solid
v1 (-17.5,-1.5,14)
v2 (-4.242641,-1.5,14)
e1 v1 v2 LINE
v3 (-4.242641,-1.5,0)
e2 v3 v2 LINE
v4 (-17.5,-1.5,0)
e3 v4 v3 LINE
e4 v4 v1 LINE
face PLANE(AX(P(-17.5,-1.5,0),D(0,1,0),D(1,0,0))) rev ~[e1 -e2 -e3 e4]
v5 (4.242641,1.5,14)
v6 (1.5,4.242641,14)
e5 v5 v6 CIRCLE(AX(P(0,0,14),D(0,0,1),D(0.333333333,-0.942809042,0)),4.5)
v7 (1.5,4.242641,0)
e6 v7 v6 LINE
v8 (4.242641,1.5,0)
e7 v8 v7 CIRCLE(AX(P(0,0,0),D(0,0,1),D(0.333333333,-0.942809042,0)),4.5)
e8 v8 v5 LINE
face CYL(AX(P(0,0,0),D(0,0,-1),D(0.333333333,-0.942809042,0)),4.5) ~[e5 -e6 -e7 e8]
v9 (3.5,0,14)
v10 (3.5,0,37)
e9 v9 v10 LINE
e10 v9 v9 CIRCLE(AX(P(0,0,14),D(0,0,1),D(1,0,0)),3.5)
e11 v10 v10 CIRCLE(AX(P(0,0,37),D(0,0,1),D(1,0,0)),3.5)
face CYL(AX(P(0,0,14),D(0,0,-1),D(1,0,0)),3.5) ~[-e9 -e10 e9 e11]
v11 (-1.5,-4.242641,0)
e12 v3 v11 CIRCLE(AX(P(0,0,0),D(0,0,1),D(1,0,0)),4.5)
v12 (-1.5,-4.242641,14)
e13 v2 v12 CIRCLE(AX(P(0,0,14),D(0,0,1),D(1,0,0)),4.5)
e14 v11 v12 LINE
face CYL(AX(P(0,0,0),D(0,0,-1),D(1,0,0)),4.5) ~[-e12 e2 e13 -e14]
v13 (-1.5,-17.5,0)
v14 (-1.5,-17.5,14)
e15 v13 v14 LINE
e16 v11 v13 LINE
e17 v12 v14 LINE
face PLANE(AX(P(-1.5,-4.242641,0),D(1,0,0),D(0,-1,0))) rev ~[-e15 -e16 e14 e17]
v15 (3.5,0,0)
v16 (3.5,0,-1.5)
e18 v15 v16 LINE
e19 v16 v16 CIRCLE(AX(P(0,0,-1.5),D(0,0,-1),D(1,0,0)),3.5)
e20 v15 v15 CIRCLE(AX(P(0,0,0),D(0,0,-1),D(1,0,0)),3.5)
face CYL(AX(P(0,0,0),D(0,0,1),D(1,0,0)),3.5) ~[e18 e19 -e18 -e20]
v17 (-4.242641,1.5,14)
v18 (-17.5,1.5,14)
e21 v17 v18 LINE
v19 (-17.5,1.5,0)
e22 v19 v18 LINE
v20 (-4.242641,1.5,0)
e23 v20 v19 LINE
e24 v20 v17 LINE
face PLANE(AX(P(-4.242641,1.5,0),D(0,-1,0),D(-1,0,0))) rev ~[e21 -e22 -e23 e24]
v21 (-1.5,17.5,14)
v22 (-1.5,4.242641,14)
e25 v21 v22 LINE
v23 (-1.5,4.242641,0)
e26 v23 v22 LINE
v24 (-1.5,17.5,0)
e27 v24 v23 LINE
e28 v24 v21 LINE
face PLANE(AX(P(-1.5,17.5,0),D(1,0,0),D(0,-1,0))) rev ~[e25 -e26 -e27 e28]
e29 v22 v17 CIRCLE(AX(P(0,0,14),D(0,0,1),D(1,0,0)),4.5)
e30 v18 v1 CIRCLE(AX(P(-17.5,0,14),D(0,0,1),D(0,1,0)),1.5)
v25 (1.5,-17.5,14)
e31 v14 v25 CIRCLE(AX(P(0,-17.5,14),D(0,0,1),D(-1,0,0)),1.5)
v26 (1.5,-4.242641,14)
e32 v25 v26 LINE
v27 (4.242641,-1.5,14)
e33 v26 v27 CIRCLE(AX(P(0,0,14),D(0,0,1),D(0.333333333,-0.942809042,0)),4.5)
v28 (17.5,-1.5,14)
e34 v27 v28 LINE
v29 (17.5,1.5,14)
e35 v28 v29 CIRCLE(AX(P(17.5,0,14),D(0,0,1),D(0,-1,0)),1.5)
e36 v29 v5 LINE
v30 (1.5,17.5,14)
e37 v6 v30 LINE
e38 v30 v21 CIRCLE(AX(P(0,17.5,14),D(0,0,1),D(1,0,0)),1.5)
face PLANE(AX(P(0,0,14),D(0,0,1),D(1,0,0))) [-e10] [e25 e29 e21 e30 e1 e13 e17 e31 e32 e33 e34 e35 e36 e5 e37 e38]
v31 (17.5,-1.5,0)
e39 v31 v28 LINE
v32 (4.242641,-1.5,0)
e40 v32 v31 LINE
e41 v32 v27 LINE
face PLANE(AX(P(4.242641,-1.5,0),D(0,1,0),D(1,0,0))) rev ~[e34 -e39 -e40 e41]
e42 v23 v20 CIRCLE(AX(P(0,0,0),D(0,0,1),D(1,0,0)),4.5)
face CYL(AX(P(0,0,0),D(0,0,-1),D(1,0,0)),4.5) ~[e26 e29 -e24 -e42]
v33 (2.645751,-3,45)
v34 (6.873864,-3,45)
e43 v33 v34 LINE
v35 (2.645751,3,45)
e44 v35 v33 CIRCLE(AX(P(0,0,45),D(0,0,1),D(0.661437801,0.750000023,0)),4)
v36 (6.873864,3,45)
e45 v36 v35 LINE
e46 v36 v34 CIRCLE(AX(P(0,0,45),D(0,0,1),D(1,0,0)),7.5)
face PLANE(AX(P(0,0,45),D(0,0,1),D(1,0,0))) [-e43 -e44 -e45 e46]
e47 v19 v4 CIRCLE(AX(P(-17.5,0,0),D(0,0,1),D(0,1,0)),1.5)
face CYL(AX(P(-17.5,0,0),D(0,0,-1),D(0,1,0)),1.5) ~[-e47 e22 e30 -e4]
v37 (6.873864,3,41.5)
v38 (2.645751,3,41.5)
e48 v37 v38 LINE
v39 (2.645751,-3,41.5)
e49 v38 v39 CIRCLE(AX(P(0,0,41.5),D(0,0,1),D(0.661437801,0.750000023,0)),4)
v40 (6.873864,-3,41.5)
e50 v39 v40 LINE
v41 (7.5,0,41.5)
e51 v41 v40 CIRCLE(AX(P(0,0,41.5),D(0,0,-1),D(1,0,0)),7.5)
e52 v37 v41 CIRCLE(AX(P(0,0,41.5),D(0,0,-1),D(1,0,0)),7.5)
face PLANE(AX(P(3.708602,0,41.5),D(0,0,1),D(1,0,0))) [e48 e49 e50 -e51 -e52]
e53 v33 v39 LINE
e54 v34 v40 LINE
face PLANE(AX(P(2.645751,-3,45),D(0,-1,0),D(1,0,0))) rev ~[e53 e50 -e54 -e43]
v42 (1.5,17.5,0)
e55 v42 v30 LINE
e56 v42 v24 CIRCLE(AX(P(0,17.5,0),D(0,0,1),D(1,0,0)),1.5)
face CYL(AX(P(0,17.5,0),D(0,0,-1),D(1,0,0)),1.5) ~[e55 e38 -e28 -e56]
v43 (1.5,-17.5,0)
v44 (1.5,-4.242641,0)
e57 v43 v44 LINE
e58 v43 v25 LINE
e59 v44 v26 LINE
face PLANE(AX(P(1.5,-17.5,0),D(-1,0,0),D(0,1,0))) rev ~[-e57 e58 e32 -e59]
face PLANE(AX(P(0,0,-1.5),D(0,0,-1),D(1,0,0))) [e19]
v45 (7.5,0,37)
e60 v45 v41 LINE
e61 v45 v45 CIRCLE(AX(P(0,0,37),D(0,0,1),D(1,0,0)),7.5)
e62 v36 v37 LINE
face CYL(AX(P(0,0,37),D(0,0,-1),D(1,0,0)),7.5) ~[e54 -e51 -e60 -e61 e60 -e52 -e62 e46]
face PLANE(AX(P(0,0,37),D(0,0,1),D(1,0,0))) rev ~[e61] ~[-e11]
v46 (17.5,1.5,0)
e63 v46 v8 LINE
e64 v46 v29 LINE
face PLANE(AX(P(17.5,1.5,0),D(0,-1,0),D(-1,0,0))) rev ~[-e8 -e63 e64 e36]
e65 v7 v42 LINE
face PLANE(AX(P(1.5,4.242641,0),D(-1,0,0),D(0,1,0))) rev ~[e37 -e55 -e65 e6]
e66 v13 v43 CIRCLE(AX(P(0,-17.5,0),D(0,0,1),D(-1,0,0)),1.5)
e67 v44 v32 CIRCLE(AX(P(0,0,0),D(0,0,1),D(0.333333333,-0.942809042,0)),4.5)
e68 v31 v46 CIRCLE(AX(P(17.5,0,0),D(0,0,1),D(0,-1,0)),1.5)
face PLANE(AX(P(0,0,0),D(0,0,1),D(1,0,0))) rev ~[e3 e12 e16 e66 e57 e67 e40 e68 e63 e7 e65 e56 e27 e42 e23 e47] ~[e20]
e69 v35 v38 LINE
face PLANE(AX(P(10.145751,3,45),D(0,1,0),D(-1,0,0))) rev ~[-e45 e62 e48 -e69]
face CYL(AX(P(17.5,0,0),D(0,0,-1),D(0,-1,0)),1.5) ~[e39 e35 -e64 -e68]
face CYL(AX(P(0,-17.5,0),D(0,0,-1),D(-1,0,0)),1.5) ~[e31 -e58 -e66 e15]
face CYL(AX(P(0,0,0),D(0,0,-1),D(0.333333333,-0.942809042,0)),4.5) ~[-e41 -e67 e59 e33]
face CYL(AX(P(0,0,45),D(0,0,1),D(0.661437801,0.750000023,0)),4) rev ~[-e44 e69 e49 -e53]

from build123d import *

# Parameters (mm, degrees)
SKETCH003_R        = 4.5
PAD001_DEPTH       = 14
POLARPATTERN_COUNT = 4
SKETCH004_R        = 3.5
PAD002_DEPTH       = 1.5
SKETCH005_R        = 3.5
PAD003_DEPTH       = 23
SKETCH011_R        = 7.5
PAD007_DEPTH       = 8
POCKET004_DEPTH    = 3.5


with BuildPart() as part:
    # Sketch003 → Pad001 (new body)
    with BuildSketch(Plane.XY):
        Circle(SKETCH003_R)
        with BuildLine():
            Line((-1.5, 17.5), (-1.5, -17.5))
            ThreePointArc((-1.5, -17.5), (0, -19), (1.5, -17.5))
            Line((1.5, -17.5), (1.5, 17.5))
            ThreePointArc((1.5, 17.5), (0, 19), (-1.5, 17.5))
        make_face()
    pad001 = extrude(amount=PAD001_DEPTH)

    # PolarPattern: Pad001 ×4 about axis
    polarpattern_axis = Axis((0, 0, 0), (0, 0, 1))
    for i in range(1, POLARPATTERN_COUNT):
        add(pad001.rotate(polarpattern_axis, i * 360 / POLARPATTERN_COUNT))

    # Sketch004 (on Face17 of MultiTransform) → Pad002 (join)
    with BuildSketch(Plane(origin=(0, 0, 0), x_dir=(1, 0, 0), z_dir=(0, 0, -1))):
        Circle(SKETCH004_R)
    extrude(amount=PAD002_DEPTH)

    # Sketch005 (on Face4 of Pad002) → Pad003 (join)
    with BuildSketch(Plane.XY.offset(14)):
        Circle(SKETCH005_R)
    extrude(amount=PAD003_DEPTH)

    # Sketch011 (on Face22 of Pad003) → Pad007 (join)
    with BuildSketch(Plane.XY.offset(37)):
        Circle(SKETCH011_R)
    extrude(amount=PAD007_DEPTH)

    # Sketch012 (on Face24 of Pad007) → Pocket004 (cut)
    with BuildSketch(Plane.XY.offset(45)):
        with BuildLine():
            ThreePointArc((2.645751, 3), (-4, 0), (2.645751, -3))
            Line((2.645751, -3), (10.145751, -3))
            Line((10.145751, -3), (10.145751, 3))
            Line((10.145751, 3), (2.645751, 3))
        make_face()
    extrude(amount=-POCKET004_DEPTH, mode=Mode.SUBTRACT)


solid = part.part
